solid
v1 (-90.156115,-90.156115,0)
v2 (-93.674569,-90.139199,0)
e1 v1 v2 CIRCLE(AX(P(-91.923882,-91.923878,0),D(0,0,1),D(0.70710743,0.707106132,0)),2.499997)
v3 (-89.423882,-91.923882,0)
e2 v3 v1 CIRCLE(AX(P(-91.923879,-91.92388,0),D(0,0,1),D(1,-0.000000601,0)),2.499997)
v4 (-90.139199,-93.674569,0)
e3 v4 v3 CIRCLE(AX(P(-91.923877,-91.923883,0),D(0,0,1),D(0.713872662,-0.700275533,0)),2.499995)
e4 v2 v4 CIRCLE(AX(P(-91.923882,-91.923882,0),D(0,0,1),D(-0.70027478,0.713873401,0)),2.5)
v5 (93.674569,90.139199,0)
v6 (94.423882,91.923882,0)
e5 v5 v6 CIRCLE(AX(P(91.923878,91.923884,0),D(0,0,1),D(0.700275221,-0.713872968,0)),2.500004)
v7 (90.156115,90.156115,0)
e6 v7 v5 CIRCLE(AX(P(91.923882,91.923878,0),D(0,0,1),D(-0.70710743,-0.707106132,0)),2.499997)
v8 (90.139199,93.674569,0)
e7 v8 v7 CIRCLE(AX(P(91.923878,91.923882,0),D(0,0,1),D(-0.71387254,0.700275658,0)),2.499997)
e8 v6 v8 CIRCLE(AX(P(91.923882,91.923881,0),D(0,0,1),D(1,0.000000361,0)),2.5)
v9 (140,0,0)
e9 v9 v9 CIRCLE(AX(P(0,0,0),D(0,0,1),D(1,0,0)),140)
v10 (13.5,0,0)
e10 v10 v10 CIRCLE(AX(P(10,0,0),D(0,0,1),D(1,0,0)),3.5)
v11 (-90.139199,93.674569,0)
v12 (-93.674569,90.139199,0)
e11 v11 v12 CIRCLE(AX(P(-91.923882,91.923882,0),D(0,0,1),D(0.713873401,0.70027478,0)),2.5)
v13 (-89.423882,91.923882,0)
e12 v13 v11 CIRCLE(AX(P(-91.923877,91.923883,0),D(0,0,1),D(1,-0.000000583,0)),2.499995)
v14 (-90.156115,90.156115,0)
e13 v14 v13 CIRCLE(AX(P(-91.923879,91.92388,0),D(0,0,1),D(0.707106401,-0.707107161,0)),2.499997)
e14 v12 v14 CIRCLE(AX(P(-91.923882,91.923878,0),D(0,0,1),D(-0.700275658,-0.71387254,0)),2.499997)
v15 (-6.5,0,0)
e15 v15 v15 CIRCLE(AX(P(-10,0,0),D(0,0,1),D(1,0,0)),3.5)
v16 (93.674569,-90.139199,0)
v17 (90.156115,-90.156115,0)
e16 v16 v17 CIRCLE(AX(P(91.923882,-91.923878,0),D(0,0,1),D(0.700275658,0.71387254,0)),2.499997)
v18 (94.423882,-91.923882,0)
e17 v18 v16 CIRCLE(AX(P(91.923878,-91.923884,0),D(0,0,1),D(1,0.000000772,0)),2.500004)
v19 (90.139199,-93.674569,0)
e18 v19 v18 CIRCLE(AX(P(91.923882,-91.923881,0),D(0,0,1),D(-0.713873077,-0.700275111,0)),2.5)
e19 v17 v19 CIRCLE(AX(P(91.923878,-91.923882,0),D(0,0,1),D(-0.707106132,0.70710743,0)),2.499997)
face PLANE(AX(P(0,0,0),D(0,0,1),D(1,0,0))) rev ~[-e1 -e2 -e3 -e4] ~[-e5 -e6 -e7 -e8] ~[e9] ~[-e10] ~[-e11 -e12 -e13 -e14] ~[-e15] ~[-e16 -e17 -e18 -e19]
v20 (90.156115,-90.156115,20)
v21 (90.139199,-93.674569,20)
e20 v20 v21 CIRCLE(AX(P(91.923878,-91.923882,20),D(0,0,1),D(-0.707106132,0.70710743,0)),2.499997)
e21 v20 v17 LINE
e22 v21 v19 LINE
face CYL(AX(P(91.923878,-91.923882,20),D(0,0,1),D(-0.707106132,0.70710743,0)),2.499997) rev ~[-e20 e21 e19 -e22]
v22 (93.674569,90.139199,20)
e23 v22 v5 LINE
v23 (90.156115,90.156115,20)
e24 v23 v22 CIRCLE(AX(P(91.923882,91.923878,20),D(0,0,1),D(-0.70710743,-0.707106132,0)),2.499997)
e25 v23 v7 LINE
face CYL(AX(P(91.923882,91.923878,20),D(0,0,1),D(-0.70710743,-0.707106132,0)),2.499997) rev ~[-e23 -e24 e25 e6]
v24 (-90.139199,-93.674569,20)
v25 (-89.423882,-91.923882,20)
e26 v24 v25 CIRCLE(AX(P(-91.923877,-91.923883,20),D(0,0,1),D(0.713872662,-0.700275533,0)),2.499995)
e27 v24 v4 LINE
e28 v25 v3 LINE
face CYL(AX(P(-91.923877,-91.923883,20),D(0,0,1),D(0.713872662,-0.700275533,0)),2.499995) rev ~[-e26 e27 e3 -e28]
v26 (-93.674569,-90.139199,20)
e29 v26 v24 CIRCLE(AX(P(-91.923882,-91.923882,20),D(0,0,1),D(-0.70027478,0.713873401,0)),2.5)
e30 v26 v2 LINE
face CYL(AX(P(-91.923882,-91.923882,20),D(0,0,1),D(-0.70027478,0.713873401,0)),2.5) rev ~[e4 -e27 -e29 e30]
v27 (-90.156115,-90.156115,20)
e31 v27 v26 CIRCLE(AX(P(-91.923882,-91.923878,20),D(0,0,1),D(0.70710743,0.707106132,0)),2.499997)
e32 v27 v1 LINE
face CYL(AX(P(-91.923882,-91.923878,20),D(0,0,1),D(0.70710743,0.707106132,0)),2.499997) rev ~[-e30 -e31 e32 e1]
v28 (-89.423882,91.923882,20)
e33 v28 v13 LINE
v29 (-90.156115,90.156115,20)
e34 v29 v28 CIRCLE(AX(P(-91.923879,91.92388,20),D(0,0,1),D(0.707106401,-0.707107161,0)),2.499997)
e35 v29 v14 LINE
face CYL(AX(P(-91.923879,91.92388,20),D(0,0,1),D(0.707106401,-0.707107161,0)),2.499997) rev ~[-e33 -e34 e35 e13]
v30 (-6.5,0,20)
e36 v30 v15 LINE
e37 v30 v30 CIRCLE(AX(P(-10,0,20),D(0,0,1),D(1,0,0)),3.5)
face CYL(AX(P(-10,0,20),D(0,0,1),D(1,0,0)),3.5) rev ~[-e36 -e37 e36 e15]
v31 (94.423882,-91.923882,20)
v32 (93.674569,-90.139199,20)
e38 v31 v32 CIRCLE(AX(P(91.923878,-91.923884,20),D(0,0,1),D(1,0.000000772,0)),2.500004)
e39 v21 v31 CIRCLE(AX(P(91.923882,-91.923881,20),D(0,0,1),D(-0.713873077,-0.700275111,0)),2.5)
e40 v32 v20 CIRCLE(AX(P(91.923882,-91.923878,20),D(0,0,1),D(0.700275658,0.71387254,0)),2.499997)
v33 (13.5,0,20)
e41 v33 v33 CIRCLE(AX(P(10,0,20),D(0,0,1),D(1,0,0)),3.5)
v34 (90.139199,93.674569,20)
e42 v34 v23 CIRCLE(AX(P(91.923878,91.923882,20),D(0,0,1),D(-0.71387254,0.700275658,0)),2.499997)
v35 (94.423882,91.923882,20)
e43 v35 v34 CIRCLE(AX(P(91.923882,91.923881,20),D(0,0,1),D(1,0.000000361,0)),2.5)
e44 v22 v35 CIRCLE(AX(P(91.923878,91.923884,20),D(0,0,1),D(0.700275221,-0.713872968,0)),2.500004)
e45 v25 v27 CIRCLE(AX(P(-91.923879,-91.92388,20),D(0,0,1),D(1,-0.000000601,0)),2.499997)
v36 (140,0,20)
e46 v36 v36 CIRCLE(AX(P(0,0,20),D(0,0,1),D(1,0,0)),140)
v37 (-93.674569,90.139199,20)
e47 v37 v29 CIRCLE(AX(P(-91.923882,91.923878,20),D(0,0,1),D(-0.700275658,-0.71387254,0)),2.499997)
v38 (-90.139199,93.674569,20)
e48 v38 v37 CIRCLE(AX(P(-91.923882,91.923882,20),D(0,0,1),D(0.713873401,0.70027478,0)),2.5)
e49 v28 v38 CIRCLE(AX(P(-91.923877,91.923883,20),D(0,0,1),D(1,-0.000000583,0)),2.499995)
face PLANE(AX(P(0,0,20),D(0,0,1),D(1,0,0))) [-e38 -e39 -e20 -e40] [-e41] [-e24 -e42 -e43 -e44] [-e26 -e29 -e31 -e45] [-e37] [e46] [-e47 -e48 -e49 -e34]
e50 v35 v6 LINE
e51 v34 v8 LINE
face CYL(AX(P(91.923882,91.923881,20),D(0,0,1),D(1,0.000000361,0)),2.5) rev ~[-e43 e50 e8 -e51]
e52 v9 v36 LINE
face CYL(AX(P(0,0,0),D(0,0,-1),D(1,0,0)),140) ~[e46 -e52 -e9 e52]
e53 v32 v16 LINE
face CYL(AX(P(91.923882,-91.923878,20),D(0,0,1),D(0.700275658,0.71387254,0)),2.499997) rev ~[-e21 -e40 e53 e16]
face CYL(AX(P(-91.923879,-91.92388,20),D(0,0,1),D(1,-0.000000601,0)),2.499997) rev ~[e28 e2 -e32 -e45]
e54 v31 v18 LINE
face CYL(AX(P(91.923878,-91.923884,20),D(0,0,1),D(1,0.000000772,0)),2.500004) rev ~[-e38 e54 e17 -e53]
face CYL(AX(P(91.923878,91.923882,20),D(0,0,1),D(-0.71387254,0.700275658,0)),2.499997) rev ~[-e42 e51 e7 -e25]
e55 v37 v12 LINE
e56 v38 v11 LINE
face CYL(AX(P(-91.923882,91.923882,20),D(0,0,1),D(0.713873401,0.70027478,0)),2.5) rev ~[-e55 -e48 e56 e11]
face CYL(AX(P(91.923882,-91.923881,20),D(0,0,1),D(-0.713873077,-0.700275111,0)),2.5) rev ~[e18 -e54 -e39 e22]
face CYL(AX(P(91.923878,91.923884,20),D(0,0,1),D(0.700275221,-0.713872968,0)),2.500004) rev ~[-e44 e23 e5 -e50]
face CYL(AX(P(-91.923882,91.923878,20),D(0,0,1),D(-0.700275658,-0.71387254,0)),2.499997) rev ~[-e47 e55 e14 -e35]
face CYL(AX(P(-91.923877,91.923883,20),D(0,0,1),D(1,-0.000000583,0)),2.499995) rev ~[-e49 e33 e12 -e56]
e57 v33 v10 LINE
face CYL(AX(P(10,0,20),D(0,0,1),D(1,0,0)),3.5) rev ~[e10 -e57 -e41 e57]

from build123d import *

# Parameters (mm, degrees)
F0_R     = 140
F1_DEPTH = 20
F2_R     = 3.5
F3_DEPTH = 20.001
F5_DEPTH = 25


with BuildPart() as f1:
    # F0 (on Top) → F1 (new body)
    with BuildSketch(Plane.XY):
        Circle(F0_R)
    extrude(amount=F1_DEPTH)

    # F2 (on face) → F3 (cut, through all)
    with BuildSketch(Plane.XY.offset(20)):
        with Locations((-10, 0)):
            Circle(F2_R)
        with Locations((10, 0)):
            Circle(F2_R)
    extrude(amount=-F3_DEPTH, mode=Mode.SUBTRACT)

    # F4 (on face) → F5 (cut)
    with BuildSketch(Plane.XY.offset(20)):
        with BuildLine():
            ThreePointArc((-91.923882, 91.923882), (-91.035749, 92.803515), (-90.139199, 93.674569))
            ThreePointArc((-90.139199, 93.674569), (-93.691649, 93.691649), (-93.674569, 90.139199))
            ThreePointArc((-93.674569, 90.139199), (-92.803515, 91.035749), (-91.923882, 91.923882))
        make_face()
        with BuildLine():
            ThreePointArc((-89.423882, 91.923882), (-89.60961, 92.869475), (-90.139199, 93.674569))
            ThreePointArc((-90.139199, 93.674569), (-91.035749, 92.803515), (-91.923882, 91.923882))
            Line((-91.923882, 91.923882), (-90.156115, 90.156115))
            ThreePointArc((-90.156115, 90.156115), (-89.614183, 90.967173), (-89.423882, 91.923882))
        make_face()
        with BuildLine():
            ThreePointArc((-93.674569, 90.139199), (-91.911862, 89.42391), (-90.156115, 90.156115))
            Line((-90.156115, 90.156115), (-91.923882, 91.923882))
            ThreePointArc((-91.923882, 91.923882), (-92.803515, 91.035749), (-93.674569, 90.139199))
        make_face()
        with BuildLine():
            ThreePointArc((91.923882, 91.923882), (92.803515, 91.035749), (93.674569, 90.139199))
            ThreePointArc((93.674569, 90.139199), (94.228954, 90.95608), (94.423882, 91.923882))
            ThreePointArc((94.423882, 91.923882), (92.869475, 94.238153), (90.139199, 93.674569))
            ThreePointArc((90.139199, 93.674569), (91.035749, 92.803515), (91.923882, 91.923882))
        make_face()
        with BuildLine():
            Line((90.156115, 90.156115), (91.923882, 91.923882))
            ThreePointArc((91.923882, 91.923882), (91.035749, 92.803515), (90.139199, 93.674569))
            ThreePointArc((90.139199, 93.674569), (89.42391, 91.911862), (90.156115, 90.156115))
        make_face()
        with BuildLine():
            ThreePointArc((90.156115, 90.156115), (91.911862, 89.42391), (93.674569, 90.139199))
            ThreePointArc((93.674569, 90.139199), (92.803515, 91.035749), (91.923882, 91.923882))
            Line((91.923882, 91.923882), (90.156115, 90.156115))
        make_face()
        with BuildLine():
            ThreePointArc((-93.674569, -90.139199), (-93.691649, -93.691649), (-90.139199, -93.674569))
            ThreePointArc((-90.139199, -93.674569), (-91.035749, -92.803515), (-91.923882, -91.923882))
            ThreePointArc((-91.923882, -91.923882), (-92.803515, -91.035749), (-93.674569, -90.139199))
        make_face()
        with BuildLine():
            ThreePointArc((-89.423882, -91.923882), (-89.614183, -90.967173), (-90.156115, -90.156115))
            Line((-90.156115, -90.156115), (-91.923882, -91.923882))
            ThreePointArc((-91.923882, -91.923882), (-91.035749, -92.803515), (-90.139199, -93.674569))
            ThreePointArc((-90.139199, -93.674569), (-89.60961, -92.869475), (-89.423882, -91.923882))
        make_face()
        with BuildLine():
            Line((-91.923882, -91.923882), (-90.156115, -90.156115))
            ThreePointArc((-90.156115, -90.156115), (-91.911862, -89.42391), (-93.674569, -90.139199))
            ThreePointArc((-93.674569, -90.139199), (-92.803515, -91.035749), (-91.923882, -91.923882))
        make_face()
        with BuildLine():
            ThreePointArc((94.423882, -91.923882), (94.228954, -90.95608), (93.674569, -90.139199))
            ThreePointArc((93.674569, -90.139199), (92.803515, -91.035749), (91.923882, -91.923882))
            ThreePointArc((91.923882, -91.923882), (91.035749, -92.803515), (90.139199, -93.674569))
            ThreePointArc((90.139199, -93.674569), (92.869475, -94.238153), (94.423882, -91.923882))
        make_face()
        with BuildLine():
            ThreePointArc((90.139199, -93.674569), (91.035749, -92.803515), (91.923882, -91.923882))
            Line((91.923882, -91.923882), (90.156115, -90.156115))
            ThreePointArc((90.156115, -90.156115), (89.42391, -91.911862), (90.139199, -93.674569))
        make_face()
        with BuildLine():
            ThreePointArc((91.923882, -91.923882), (92.803515, -91.035749), (93.674569, -90.139199))
            ThreePointArc((93.674569, -90.139199), (91.911862, -89.42391), (90.156115, -90.156115))
            Line((90.156115, -90.156115), (91.923882, -91.923882))
        make_face()
    extrude(amount=-F5_DEPTH, mode=Mode.SUBTRACT)


solid = f1.part
